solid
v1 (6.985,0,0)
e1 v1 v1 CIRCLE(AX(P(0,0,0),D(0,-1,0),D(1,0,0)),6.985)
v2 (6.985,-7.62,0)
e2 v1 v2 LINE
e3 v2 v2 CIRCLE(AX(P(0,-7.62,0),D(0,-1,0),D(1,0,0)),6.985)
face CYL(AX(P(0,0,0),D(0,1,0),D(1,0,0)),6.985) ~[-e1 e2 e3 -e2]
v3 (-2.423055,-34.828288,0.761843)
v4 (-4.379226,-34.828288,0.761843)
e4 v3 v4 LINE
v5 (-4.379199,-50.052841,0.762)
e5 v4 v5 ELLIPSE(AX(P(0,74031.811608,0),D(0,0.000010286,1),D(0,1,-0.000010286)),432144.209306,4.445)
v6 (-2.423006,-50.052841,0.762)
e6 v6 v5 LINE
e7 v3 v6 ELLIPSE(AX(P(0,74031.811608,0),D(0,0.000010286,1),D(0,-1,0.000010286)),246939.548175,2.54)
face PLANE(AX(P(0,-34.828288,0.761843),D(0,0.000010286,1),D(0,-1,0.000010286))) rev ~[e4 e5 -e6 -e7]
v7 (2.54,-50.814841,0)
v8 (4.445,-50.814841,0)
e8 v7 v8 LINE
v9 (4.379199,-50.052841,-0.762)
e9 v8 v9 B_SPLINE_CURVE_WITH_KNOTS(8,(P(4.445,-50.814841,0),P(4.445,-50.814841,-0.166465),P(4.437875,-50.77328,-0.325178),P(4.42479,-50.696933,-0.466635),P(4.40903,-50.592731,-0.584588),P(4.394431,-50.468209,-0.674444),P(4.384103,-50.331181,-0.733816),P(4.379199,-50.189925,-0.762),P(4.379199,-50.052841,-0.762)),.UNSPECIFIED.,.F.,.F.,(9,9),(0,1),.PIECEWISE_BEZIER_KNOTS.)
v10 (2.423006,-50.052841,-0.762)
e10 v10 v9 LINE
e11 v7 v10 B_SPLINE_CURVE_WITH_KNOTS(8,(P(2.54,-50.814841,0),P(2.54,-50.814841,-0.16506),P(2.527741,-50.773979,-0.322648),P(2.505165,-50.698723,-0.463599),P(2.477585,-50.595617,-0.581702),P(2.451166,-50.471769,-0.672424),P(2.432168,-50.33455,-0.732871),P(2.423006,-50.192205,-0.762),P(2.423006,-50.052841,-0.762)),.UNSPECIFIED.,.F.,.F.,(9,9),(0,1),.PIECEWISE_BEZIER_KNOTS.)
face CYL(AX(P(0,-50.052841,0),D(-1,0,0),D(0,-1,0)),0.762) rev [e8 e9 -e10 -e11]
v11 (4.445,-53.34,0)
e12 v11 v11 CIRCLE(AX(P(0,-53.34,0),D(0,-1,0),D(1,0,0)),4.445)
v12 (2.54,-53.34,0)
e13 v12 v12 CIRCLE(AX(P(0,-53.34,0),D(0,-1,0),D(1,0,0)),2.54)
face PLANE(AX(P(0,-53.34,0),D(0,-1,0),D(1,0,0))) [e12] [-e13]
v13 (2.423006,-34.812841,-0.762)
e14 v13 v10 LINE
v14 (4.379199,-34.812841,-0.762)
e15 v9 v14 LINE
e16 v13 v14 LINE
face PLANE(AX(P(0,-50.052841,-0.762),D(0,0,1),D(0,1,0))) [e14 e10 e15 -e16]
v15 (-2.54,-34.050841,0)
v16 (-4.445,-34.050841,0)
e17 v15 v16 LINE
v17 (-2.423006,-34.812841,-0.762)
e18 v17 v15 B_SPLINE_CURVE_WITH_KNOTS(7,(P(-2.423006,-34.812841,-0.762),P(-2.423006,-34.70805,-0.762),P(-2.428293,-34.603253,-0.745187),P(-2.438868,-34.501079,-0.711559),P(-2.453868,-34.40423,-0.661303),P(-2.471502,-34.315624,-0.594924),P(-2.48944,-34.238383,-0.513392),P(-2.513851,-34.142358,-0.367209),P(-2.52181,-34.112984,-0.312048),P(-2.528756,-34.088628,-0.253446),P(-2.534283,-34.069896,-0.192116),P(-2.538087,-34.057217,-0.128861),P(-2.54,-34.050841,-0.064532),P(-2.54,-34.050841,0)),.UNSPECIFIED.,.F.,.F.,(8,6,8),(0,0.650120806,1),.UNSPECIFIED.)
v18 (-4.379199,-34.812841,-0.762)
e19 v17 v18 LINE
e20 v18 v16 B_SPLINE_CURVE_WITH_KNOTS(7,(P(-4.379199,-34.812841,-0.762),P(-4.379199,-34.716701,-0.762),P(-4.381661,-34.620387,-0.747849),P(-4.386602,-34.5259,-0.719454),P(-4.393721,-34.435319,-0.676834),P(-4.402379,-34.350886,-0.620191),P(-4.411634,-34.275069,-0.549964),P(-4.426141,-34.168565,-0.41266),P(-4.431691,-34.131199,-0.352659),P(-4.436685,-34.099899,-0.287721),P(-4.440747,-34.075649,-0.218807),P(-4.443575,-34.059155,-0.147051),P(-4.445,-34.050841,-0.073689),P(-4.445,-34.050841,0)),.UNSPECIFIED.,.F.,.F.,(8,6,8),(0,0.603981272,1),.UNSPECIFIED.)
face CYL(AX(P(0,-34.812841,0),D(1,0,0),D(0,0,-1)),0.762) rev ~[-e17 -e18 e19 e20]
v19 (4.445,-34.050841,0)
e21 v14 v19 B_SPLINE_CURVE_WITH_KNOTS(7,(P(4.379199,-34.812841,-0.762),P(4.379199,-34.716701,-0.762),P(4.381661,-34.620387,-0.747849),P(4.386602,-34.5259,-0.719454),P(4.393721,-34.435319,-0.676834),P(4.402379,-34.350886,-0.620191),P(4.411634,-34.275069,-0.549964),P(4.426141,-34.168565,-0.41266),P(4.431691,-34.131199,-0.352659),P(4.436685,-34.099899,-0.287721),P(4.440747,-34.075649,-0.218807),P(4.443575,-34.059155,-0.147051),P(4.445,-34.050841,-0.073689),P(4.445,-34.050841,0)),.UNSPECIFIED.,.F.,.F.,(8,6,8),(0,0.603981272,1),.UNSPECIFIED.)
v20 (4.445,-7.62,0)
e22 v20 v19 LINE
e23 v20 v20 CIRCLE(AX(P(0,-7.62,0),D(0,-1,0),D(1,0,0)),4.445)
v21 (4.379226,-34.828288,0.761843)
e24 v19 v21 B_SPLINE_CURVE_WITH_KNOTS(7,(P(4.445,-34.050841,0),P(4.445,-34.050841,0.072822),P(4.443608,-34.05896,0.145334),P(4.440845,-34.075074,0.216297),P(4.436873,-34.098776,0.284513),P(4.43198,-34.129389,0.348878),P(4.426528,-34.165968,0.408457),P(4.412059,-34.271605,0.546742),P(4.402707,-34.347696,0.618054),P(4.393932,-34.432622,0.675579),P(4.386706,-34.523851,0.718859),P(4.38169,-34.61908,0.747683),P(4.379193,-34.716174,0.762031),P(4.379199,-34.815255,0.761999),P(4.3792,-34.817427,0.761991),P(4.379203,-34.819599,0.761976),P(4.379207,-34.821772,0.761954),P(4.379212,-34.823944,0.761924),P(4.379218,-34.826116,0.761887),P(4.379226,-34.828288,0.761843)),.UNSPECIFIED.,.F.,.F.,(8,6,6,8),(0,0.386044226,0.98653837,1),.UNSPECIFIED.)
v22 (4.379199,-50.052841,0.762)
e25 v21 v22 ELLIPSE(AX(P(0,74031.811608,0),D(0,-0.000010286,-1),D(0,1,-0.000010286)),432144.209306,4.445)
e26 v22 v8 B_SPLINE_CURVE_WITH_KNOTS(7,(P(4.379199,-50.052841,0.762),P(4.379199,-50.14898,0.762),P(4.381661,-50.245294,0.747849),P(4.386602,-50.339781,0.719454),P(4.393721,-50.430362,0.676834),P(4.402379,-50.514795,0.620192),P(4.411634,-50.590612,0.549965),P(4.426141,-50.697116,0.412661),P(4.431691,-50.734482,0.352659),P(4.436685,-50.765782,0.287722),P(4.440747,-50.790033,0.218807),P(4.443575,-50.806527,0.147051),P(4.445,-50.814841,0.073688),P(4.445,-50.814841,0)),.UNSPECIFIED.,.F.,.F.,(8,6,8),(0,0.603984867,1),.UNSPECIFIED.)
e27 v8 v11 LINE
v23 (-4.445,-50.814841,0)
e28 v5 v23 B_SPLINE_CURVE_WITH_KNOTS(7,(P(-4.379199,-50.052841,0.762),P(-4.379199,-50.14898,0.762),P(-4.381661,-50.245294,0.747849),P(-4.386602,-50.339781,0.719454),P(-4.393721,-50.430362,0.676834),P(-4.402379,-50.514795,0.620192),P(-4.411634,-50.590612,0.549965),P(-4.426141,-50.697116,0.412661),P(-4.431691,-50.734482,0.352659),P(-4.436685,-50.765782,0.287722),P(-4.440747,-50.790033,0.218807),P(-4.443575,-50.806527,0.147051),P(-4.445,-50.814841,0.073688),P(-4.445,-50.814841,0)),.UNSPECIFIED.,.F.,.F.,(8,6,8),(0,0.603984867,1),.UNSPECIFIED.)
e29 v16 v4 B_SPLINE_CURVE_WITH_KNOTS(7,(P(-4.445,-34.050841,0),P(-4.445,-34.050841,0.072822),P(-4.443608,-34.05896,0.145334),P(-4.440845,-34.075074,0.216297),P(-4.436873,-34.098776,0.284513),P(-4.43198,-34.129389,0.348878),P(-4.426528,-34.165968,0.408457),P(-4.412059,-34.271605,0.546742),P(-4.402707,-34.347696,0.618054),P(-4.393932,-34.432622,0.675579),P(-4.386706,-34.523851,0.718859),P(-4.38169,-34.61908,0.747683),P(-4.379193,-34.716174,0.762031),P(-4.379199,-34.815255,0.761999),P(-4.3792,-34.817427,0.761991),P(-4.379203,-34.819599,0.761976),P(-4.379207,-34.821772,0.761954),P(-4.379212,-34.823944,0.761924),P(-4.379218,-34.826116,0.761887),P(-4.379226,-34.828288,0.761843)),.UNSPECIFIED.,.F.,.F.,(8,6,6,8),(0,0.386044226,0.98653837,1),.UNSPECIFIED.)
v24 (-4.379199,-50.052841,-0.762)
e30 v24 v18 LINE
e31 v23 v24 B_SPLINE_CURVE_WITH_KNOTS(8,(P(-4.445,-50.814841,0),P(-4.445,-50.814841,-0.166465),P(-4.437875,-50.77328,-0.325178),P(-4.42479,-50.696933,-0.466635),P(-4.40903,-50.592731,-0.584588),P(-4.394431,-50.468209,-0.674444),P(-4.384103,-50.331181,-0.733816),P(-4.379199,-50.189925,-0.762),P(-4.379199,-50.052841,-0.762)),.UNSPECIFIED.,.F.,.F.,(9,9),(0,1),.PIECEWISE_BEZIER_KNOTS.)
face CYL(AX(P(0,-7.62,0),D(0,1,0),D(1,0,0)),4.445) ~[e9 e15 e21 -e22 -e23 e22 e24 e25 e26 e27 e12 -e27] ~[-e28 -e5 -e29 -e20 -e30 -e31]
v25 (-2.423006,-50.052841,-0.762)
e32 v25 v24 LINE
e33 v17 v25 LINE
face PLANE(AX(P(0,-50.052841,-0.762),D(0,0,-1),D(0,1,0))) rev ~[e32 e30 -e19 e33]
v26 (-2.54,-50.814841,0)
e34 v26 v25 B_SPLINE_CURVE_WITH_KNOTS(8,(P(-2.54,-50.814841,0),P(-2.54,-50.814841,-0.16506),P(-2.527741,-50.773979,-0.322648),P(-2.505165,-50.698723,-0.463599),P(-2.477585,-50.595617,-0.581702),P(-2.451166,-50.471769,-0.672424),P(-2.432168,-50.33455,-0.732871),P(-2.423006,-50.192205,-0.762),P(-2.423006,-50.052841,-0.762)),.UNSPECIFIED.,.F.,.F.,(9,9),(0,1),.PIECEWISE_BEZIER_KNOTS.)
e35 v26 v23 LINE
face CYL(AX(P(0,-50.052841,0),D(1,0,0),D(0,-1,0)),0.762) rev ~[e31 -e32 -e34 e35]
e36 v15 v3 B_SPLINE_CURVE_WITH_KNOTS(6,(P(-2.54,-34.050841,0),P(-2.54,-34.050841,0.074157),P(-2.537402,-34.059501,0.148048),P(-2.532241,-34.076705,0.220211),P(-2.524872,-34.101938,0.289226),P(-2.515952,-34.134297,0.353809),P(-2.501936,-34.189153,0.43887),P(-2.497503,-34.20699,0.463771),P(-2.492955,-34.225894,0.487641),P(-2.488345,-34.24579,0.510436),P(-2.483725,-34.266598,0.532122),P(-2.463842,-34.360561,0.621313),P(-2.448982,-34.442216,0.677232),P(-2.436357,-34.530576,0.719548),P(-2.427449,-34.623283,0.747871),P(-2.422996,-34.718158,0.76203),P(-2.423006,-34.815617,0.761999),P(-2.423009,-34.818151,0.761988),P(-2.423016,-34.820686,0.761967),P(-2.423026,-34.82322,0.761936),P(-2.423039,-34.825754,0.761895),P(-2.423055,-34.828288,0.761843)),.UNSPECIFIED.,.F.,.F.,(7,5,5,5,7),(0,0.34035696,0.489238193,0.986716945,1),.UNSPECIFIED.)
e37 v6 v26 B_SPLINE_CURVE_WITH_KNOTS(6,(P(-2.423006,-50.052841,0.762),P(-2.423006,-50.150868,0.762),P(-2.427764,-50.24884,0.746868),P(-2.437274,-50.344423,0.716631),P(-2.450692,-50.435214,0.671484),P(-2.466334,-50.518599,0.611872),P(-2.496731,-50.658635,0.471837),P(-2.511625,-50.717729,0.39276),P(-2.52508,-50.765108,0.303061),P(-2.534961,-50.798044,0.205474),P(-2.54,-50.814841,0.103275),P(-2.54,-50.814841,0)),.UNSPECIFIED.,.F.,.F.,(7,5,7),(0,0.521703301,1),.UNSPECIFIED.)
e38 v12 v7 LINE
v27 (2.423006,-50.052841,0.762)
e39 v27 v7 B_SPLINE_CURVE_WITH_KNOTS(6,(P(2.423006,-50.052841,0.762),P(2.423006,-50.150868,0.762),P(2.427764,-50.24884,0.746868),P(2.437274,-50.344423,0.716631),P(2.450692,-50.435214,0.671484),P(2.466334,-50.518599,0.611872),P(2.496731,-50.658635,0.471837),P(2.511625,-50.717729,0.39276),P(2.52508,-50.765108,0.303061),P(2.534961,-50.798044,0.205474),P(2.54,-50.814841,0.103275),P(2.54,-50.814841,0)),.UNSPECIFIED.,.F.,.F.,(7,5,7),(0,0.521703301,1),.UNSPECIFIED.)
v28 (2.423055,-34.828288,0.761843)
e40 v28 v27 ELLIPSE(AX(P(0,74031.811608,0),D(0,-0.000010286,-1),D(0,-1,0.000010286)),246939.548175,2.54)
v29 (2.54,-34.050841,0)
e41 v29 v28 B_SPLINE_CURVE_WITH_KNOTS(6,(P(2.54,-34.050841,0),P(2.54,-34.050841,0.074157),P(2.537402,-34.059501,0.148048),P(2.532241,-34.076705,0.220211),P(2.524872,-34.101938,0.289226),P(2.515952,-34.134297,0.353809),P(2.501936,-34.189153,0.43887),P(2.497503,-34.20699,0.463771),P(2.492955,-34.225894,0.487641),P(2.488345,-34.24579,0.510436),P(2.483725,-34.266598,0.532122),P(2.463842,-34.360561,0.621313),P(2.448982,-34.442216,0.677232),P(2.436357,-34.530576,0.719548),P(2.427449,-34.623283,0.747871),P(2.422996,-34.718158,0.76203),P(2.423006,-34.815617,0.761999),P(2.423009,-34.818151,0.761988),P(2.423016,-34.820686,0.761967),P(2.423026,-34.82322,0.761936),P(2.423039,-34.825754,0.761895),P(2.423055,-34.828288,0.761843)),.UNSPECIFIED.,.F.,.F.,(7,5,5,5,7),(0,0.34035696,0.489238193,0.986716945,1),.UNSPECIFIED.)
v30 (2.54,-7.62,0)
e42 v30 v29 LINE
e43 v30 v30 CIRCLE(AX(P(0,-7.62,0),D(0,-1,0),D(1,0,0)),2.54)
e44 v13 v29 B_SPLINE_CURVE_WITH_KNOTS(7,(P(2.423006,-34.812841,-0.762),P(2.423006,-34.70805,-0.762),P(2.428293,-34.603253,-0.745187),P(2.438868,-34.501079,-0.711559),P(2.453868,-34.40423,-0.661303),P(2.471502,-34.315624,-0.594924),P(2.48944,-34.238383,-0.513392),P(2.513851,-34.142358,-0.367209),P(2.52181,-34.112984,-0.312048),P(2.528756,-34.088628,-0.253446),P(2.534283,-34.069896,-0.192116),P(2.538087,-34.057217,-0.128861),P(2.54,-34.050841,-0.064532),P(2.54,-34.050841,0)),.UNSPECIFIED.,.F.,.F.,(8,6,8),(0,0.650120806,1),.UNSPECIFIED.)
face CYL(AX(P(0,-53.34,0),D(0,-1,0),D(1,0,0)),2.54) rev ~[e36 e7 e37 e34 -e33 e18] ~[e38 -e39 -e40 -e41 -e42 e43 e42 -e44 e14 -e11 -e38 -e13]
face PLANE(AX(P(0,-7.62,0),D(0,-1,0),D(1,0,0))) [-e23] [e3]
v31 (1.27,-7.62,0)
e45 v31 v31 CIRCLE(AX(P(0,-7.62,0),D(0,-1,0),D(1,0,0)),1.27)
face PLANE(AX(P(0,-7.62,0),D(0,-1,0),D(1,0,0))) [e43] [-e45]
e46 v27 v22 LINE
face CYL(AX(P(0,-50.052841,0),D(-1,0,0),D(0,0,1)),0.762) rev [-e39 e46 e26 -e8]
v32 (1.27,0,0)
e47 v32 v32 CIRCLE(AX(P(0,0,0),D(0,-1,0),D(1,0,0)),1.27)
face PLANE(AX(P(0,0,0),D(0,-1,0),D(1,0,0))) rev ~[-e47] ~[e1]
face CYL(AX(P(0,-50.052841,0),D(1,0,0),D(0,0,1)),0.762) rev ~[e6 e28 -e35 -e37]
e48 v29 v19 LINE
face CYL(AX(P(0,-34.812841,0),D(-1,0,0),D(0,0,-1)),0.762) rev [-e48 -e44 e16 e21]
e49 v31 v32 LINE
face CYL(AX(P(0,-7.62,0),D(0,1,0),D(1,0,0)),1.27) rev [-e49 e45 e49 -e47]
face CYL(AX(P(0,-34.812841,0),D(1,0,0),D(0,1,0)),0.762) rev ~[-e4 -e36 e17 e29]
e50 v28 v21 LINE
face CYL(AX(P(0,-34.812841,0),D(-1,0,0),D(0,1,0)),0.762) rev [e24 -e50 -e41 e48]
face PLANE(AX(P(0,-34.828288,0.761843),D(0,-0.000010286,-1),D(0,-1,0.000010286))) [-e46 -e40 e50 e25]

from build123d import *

# Parameters (mm, degrees)
F0_R     = 6.985
F0_R_2   = 1.27
F1_DEPTH = 7.62
F2_R     = 4.445
F2_R_2   = 1.27
F3_DEPTH = 45.72
F5_DEPTH = 25.4
F6_DEPTH = 25.4
F7_R     = 2.54
F7_R_2   = 1.27
F8_DEPTH = 20.32
F9_DEPTH = 25.4


with BuildPart() as f1:
    # F0 (on Front) → F1 (new body)
    with BuildSketch(Plane.XZ):
        Circle(F0_R)
        Circle(F0_R_2, mode=Mode.SUBTRACT)
    extrude(amount=F1_DEPTH)

    # F2 (on face) → F3 (join)
    with BuildSketch(Plane.XZ.offset(7.62)):
        Circle(F2_R)
        Circle(F2_R_2, mode=Mode.SUBTRACT)
    extrude(amount=F3_DEPTH)

    # F4 (on Right) → F5 (cut)
    with BuildSketch(Plane.YZ):
        with BuildLine():
            ThreePointArc((-50.0528407257, 0.762), (-50.5916560929, 0.5388153673), (-50.8148407257, 0))
            Line((-50.8148407257, 0), (-50.0528407257, 0))
            Line((-50.0528407257, 0), (-50.0528407257, 0.762))
        make_face()
        with BuildLine():
            Line((-50.0528407257, 0), (-50.8148407257, 0))
            ThreePointArc((-50.8148407257, 0), (-50.5916560929, -0.5388153673), (-50.0528407257, -0.762))
            Line((-50.0528407257, -0.762), (-50.0528407257, 0))
        make_face()
        with BuildLine():
            Line((-50.0528407257, 0.762), (-50.0528407257, 0))
            Line((-50.0528407257, 0), (-49.2908407257, 0))
            ThreePointArc((-49.2908407257, 0), (-49.5140253584, 0.5388153673), (-50.0528407257, 0.762))
        make_face()
        with BuildLine():
            Line((-49.2908407257, 0), (-50.0528407257, 0))
            Line((-50.0528407257, 0), (-50.0528407257, -0.762))
            ThreePointArc((-50.0528407257, -0.762), (-49.5140253584, -0.5388153673), (-49.2908407257, 0))
        make_face()
        with BuildLine():
            Line((-34.8282884293, 0.7618434015), (-50.0528407257, 0.762))
            ThreePointArc((-50.0528407257, 0.762), (-49.5140253584, 0.5388153673), (-49.2908407257, 0))
            Line((-49.2908407257, 0), (-35.5748407257, 0))
            ThreePointArc((-35.5748407257, 0), (-35.3570902779, 0.533325815), (-34.8282884293, 0.7618434015))
        make_face()
        with BuildLine():
            ThreePointArc((-49.2908407257, 0), (-49.5140253584, -0.5388153673), (-50.0528407257, -0.762))
            Line((-50.0528407257, -0.762), (-34.8128407257, -0.762))
            ThreePointArc((-34.8128407257, -0.762), (-35.3516560929, -0.5388153673), (-35.5748407257, 0))
            Line((-35.5748407257, 0), (-49.2908407257, 0))
        make_face()
        with BuildLine():
            ThreePointArc((-34.0508407257, 0), (-34.2795149107, 0.5442495522), (-34.8282884293, 0.7618434015))
            ThreePointArc((-34.8282884293, 0.7618434015), (-35.3570902779, 0.533325815), (-35.5748407257, 0))
            Line((-35.5748407257, 0), (-34.0508407257, 0))
        make_face()
        with BuildLine():
            ThreePointArc((-35.5748407257, 0), (-35.3516560929, -0.5388153673), (-34.8128407257, -0.762))
            ThreePointArc((-34.8128407257, -0.762), (-34.2740253584, -0.5388153673), (-34.0508407257, 0))
            Line((-34.0508407257, 0), (-35.5748407257, 0))
        make_face()
    extrude(amount=-F5_DEPTH, mode=Mode.SUBTRACT)

    # F4 (on Right) → F6 (cut)
    with BuildSketch(Plane.YZ):
        with BuildLine():
            ThreePointArc((-50.0528407257, 0.762), (-50.5916560929, 0.5388153673), (-50.8148407257, 0))
            Line((-50.8148407257, 0), (-50.0528407257, 0))
            Line((-50.0528407257, 0), (-50.0528407257, 0.762))
        make_face()
        with BuildLine():
            Line((-50.0528407257, 0), (-50.8148407257, 0))
            ThreePointArc((-50.8148407257, 0), (-50.5916560929, -0.5388153673), (-50.0528407257, -0.762))
            Line((-50.0528407257, -0.762), (-50.0528407257, 0))
        make_face()
        with BuildLine():
            Line((-50.0528407257, 0.762), (-50.0528407257, 0))
            Line((-50.0528407257, 0), (-49.2908407257, 0))
            ThreePointArc((-49.2908407257, 0), (-49.5140253584, 0.5388153673), (-50.0528407257, 0.762))
        make_face()
        with BuildLine():
            Line((-49.2908407257, 0), (-50.0528407257, 0))
            Line((-50.0528407257, 0), (-50.0528407257, -0.762))
            ThreePointArc((-50.0528407257, -0.762), (-49.5140253584, -0.5388153673), (-49.2908407257, 0))
        make_face()
        with BuildLine():
            Line((-34.8282884293, 0.7618434015), (-50.0528407257, 0.762))
            ThreePointArc((-50.0528407257, 0.762), (-49.5140253584, 0.5388153673), (-49.2908407257, 0))
            Line((-49.2908407257, 0), (-35.5748407257, 0))
            ThreePointArc((-35.5748407257, 0), (-35.3570902779, 0.533325815), (-34.8282884293, 0.7618434015))
        make_face()
        with BuildLine():
            ThreePointArc((-49.2908407257, 0), (-49.5140253584, -0.5388153673), (-50.0528407257, -0.762))
            Line((-50.0528407257, -0.762), (-34.8128407257, -0.762))
            ThreePointArc((-34.8128407257, -0.762), (-35.3516560929, -0.5388153673), (-35.5748407257, 0))
            Line((-35.5748407257, 0), (-49.2908407257, 0))
        make_face()
        with BuildLine():
            ThreePointArc((-34.0508407257, 0), (-34.2795149107, 0.5442495522), (-34.8282884293, 0.7618434015))
            ThreePointArc((-34.8282884293, 0.7618434015), (-35.3570902779, 0.533325815), (-35.5748407257, 0))
            Line((-35.5748407257, 0), (-34.0508407257, 0))
        make_face()
        with BuildLine():
            ThreePointArc((-35.5748407257, 0), (-35.3516560929, -0.5388153673), (-34.8128407257, -0.762))
            ThreePointArc((-34.8128407257, -0.762), (-34.2740253584, -0.5388153673), (-34.0508407257, 0))
            Line((-34.0508407257, 0), (-35.5748407257, 0))
        make_face()
    extrude(amount=F6_DEPTH, mode=Mode.SUBTRACT)

    # F7 (on face) → F8 (cut)
    with BuildSketch(Plane.XZ.offset(53.34)):
        Circle(F7_R)
        Circle(F7_R_2, mode=Mode.SUBTRACT)
    extrude(amount=-F8_DEPTH, mode=Mode.SUBTRACT)

    # F9 (cut): a face of the model
    f9_faces = [f1.faces().sort_by_distance(p)[0] for p in [
        (-2.468157951, -33.02, 0),
    ]]
    extrude(f9_faces, amount=-F9_DEPTH, mode=Mode.SUBTRACT)


solid = f1.part
